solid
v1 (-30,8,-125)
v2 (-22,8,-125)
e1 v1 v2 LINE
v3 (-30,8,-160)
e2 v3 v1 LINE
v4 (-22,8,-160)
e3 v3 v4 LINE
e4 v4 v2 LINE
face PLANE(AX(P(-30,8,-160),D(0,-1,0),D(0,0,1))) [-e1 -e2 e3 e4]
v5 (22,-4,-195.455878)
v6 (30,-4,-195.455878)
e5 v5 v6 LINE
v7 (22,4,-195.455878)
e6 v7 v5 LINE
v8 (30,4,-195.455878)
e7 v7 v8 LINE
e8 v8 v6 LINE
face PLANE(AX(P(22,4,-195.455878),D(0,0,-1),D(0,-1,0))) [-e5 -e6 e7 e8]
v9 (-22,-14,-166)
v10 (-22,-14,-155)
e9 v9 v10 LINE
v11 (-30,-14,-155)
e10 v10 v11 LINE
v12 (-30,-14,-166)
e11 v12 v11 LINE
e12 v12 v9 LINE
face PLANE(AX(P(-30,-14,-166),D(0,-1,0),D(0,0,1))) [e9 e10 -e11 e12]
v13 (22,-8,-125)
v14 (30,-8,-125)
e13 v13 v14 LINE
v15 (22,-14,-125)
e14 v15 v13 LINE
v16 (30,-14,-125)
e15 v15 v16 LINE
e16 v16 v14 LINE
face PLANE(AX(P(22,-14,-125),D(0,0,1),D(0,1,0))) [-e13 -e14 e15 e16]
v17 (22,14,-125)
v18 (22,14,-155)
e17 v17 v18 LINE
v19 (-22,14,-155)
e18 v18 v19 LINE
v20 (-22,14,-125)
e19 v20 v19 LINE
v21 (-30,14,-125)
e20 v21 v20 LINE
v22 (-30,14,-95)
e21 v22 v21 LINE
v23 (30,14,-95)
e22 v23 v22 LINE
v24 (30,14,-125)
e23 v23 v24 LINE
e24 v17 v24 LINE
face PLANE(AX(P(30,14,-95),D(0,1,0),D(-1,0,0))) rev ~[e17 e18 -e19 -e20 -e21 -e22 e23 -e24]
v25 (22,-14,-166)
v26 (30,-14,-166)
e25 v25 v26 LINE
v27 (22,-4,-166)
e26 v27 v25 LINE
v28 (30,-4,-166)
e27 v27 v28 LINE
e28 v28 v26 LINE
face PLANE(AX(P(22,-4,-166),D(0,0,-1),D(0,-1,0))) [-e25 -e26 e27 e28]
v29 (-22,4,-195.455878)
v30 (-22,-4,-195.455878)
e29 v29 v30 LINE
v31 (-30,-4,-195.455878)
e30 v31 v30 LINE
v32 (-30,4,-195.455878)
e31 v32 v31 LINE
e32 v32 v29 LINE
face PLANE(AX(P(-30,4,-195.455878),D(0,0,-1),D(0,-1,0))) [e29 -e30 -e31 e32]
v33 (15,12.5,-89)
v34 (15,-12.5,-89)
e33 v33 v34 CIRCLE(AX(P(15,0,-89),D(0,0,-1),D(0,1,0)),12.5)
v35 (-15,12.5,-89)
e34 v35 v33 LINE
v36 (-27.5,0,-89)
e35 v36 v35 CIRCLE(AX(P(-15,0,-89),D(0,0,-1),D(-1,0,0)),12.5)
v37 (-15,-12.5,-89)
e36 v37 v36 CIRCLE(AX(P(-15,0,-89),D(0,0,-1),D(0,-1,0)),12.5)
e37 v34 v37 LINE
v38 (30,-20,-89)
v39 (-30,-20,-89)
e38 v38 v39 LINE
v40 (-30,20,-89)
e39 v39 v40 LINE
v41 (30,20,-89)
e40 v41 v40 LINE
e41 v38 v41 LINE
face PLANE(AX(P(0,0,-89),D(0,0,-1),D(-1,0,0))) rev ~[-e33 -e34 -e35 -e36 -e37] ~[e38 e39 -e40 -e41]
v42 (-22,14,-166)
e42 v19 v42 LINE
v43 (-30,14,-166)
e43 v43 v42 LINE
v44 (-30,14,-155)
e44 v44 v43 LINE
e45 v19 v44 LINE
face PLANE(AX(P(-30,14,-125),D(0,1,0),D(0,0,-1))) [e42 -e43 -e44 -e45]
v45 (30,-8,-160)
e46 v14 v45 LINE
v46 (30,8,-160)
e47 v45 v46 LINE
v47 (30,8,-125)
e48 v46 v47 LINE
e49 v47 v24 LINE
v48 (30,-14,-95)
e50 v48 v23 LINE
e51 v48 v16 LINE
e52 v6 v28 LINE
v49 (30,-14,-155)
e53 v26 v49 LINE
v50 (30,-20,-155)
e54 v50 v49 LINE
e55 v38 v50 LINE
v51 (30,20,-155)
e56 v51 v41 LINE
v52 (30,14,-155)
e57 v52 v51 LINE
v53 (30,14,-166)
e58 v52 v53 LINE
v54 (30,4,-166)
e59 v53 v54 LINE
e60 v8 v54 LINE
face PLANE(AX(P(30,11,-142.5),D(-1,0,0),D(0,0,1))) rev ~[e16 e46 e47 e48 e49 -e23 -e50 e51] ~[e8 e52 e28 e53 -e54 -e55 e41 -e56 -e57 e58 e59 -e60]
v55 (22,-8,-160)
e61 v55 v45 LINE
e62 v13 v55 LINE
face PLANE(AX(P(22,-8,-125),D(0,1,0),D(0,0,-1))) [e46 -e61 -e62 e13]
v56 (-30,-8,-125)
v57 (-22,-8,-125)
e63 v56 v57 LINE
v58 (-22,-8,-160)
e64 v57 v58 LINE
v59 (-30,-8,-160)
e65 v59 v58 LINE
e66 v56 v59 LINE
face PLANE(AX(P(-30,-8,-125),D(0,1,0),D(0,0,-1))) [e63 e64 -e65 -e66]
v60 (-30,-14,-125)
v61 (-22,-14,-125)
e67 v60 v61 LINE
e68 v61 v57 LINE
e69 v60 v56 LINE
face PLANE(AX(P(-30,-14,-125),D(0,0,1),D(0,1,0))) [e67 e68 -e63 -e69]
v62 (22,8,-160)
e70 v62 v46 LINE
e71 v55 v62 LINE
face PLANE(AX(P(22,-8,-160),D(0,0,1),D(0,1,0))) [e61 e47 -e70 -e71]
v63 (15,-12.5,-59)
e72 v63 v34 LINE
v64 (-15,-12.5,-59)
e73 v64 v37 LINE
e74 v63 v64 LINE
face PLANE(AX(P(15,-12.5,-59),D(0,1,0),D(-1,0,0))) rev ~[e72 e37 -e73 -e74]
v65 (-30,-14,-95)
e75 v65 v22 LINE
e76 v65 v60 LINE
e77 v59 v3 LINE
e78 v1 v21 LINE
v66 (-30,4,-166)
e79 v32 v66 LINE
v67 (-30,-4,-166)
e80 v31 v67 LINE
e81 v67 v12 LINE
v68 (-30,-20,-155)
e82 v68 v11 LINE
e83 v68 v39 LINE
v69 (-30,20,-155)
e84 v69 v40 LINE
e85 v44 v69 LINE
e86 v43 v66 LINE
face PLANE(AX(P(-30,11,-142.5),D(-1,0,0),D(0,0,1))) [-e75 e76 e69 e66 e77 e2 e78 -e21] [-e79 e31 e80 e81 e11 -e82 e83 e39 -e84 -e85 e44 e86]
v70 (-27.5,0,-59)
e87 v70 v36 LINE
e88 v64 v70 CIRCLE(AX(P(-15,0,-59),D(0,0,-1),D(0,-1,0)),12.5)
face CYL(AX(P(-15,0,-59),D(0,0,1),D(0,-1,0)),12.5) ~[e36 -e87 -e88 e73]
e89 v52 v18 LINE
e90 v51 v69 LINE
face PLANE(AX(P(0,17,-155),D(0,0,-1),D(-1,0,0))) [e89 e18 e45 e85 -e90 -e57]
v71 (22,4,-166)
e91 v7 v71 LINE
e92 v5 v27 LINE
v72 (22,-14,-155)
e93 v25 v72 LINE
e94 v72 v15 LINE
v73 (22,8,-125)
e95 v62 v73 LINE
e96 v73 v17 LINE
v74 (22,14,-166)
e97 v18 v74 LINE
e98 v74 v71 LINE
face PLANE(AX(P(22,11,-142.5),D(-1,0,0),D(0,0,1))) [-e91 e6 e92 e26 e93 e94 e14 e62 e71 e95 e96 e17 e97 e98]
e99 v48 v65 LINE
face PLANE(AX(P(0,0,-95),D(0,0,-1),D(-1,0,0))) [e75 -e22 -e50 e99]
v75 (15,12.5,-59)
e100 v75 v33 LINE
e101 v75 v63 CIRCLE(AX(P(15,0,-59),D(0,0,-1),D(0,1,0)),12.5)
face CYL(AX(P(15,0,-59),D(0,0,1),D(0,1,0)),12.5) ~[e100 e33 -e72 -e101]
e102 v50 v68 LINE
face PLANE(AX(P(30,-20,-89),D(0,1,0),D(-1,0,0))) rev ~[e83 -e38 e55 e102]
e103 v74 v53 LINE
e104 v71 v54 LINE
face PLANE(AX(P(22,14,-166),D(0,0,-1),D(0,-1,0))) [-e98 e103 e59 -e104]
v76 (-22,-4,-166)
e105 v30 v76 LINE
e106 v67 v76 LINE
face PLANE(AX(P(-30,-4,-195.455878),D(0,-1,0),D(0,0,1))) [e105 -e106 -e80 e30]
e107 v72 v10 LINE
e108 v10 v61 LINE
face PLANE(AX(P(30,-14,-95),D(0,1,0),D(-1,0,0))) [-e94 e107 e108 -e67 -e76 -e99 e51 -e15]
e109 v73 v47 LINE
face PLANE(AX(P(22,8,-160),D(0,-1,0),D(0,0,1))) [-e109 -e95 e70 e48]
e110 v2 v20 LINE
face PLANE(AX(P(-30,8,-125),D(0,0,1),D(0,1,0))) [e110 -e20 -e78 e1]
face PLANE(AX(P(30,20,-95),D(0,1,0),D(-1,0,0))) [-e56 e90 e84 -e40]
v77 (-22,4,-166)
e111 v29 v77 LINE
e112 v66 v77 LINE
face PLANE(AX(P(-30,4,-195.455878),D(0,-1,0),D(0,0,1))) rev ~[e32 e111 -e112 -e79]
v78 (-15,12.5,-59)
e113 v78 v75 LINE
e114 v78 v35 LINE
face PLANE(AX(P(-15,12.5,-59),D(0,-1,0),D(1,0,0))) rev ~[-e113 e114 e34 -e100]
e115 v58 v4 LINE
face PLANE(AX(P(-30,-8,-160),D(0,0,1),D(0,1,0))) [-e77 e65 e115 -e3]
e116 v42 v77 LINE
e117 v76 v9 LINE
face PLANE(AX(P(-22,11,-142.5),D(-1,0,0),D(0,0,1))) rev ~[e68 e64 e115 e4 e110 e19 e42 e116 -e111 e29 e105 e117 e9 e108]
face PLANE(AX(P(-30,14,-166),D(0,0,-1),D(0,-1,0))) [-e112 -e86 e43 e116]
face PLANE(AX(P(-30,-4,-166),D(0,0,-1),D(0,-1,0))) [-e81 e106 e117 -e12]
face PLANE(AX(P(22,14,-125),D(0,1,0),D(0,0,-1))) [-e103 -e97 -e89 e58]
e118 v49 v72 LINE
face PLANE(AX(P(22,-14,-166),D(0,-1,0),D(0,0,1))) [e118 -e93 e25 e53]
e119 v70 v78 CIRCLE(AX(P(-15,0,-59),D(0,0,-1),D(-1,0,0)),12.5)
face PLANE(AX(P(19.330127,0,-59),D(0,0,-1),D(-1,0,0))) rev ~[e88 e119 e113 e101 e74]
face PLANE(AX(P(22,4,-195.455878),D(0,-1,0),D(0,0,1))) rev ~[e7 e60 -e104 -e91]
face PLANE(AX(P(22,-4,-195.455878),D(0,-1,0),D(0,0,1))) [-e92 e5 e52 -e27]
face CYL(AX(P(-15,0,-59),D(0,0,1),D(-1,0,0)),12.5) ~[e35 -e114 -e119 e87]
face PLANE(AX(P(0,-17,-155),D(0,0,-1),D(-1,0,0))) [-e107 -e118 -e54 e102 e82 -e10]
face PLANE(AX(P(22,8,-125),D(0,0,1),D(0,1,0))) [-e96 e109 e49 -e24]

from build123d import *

# Parameters (mm, degrees)
SKETCH_1_R             = 7
EXTRUDE_1_DEPTH        = 160
EXTRUDE_1_DEPTH_BACK   = 36
SKETCH_2_R             = 7
EXTRUDE_2_DEPTH        = 8
SKETCH_3_W             = 18
SKETCH_3_H             = 11
EXTRUDE_3_DEPTH        = 15
EXTRUDE_4_DEPTH        = 30
SKETCH_5_W             = 60
SKETCH_5_H             = 40
EXTRUDE_5_DEPTH        = 6
SKETCH_6_W             = 60
SKETCH_6_H             = 6
EXTRUDE_6_DEPTH        = 60
SKETCH_7_W             = 29.455878384
SKETCH_7_H             = 4
EXTRUDE_7_DEPTH        = 8
PATTERN_LINEAR_1_COUNT = 2
PATTERN_LINEAR_1_PITCH = 52
SKETCH_8_W             = 71.56654599
SKETCH_8_H             = 41.958718016
CUT_EXTRUDE_1_DEPTH    = 300


with BuildPart() as part:
    # 草图1 → 凸台-拉伸1 (new body, two sides)
    with BuildSketch(Plane.XY) as extrude_1_sk:
        Circle(SKETCH_1_R)
    extrude(amount=EXTRUDE_1_DEPTH)
    extrude(extrude_1_sk.sketch, amount=-EXTRUDE_1_DEPTH_BACK)

    # 草图2 → 凸台-拉伸2 (add)
    with BuildSketch(Plane(origin=(0, 0, -36), x_dir=(-1, 0, 0), z_dir=(0, 0, -1))):
        Polygon((20, 7.5), (15, 12.5), (-15, 12.5), (-20, 7.5), (-20, -7.5), (-15, -12.5), (15, -12.5), (20, -7.5), align=None)
        Circle(SKETCH_2_R, mode=Mode.SUBTRACT)
        Circle(SKETCH_2_R)
    extrude(amount=EXTRUDE_2_DEPTH)

    # 草图3 → 凸台-拉伸3 (add)
    with BuildSketch(Plane(origin=(0, 0, -44), x_dir=(-1, 0, 0), z_dir=(0, 0, -1))):
        Rectangle(SKETCH_3_W, SKETCH_3_H)
    extrude(amount=EXTRUDE_3_DEPTH)

    # 草图4 → 凸台-拉伸4 (add)
    with BuildSketch(Plane(origin=(0, 0, -59), x_dir=(-1, 0, 0), z_dir=(0, 0, -1))):
        with BuildLine():
            Line((-15, -12.5), (-15, 12.5))
            ThreePointArc((-15, 12.5), (-27.5, 0), (-15, -12.5))
        make_face()
        with BuildLine():
            ThreePointArc((-3.77502784, 5.5), (-8.385621722, 10.606601718), (-15, 12.5))
            Line((-15, 12.5), (-15, -12.5))
            ThreePointArc((-15, -12.5), (-8.385621722, -10.606601718), (-3.77502784, -5.5))
            Line((-3.77502784, -5.5), (-9, -5.5))
            Line((-9, -5.5), (-9, 5.5))
            Line((-9, 5.5), (-3.77502784, 5.5))
        make_face()
        with BuildLine():
            ThreePointArc((-2.5, 0), (-2.822928267, 2.822928267), (-3.77502784, 5.5))
            Line((-3.77502784, 5.5), (-9, 5.5))
            Line((-9, 5.5), (-9, -5.5))
            Line((-9, -5.5), (-3.77502784, -5.5))
            ThreePointArc((-3.77502784, -5.5), (-2.822928267, -2.822928267), (-2.5, 0))
        make_face()
        with BuildLine():
            ThreePointArc((3.77502784, -5.5), (2.5, 0), (3.77502784, 5.5))
            Line((3.77502784, 5.5), (-3.77502784, 5.5))
            ThreePointArc((-3.77502784, 5.5), (-2.822928267, 2.822928267), (-2.5, 0))
            ThreePointArc((-2.5, 0), (-2.822928267, -2.822928267), (-3.77502784, -5.5))
            Line((-3.77502784, -5.5), (3.77502784, -5.5))
        make_face()
        with BuildLine():
            Line((9, 5.5), (3.77502784, 5.5))
            ThreePointArc((3.77502784, 5.5), (2.5, 0), (3.77502784, -5.5))
            Line((3.77502784, -5.5), (9, -5.5))
            Line((9, -5.5), (9, 5.5))
        make_face()
        with BuildLine():
            Line((15, -12.5), (15, 12.5))
            ThreePointArc((15, 12.5), (8.385621722, 10.606601718), (3.77502784, 5.5))
            Line((3.77502784, 5.5), (9, 5.5))
            Line((9, 5.5), (9, -5.5))
            Line((9, -5.5), (3.77502784, -5.5))
            ThreePointArc((3.77502784, -5.5), (8.385621722, -10.606601718), (15, -12.5))
        make_face()
        with BuildLine():
            ThreePointArc((27.5, 0), (23.838834765, 8.838834765), (15, 12.5))
            Line((15, 12.5), (15, -12.5))
            ThreePointArc((15, -12.5), (23.838834765, -8.838834765), (27.5, 0))
        make_face()
        with BuildLine():
            Line((-15, -12.5), (15, -12.5))
            ThreePointArc((15, -12.5), (8.385621722, -10.606601718), (3.77502784, -5.5))
            Line((3.77502784, -5.5), (-3.77502784, -5.5))
            ThreePointArc((-3.77502784, -5.5), (-8.385621722, -10.606601718), (-15, -12.5))
        make_face()
        with BuildLine():
            ThreePointArc((3.77502784, 5.5), (8.385621722, 10.606601718), (15, 12.5))
            Line((15, 12.5), (-15, 12.5))
            ThreePointArc((-15, 12.5), (-8.385621722, 10.606601718), (-3.77502784, 5.5))
            Line((-3.77502784, 5.5), (3.77502784, 5.5))
        make_face()
    extrude(amount=EXTRUDE_4_DEPTH)

    # 草图5 → 凸台-拉伸5 (add)
    with BuildSketch(Plane(origin=(0, 0, -89), x_dir=(-1, 0, 0), z_dir=(0, 0, -1))):
        Rectangle(SKETCH_5_W, SKETCH_5_H)
    extrude(amount=EXTRUDE_5_DEPTH)

    # 草图6 → 凸台-拉伸6 (add)
    with BuildSketch(Plane(origin=(0, 0, -95), x_dir=(-1, 0, 0), z_dir=(0, 0, -1))):
        with Locations((0, 17)):
            Rectangle(SKETCH_6_W, SKETCH_6_H)
        with Locations((0, -17)):
            Rectangle(SKETCH_6_W, SKETCH_6_H)
    extrude(amount=EXTRUDE_6_DEPTH)

    # 草图7 → 凸台-拉伸7 (add)
    with BuildSketch(Plane.ZY.offset(30)):
        Polygon((-125, 8), (-125, 14), (-155, 14), (-160, 14), (-160, 8), align=None)
        Polygon((-125, -8), (-160, -8), (-160, -14), (-155, -14), (-125, -14), align=None)
        Polygon((-160, 8), (-160, 14), (-166, 14), (-166, 4), (-166, 0), (-166, -4), (-166, -14), (-160, -14), (-160, -8), align=None)
        with Locations((-180.727939192, -2)):
            Rectangle(SKETCH_7_W, SKETCH_7_H)
        with Locations((-180.727939192, 2)):
            Rectangle(SKETCH_7_W, SKETCH_7_H)
    extrude_7 = extrude(amount=-EXTRUDE_7_DEPTH)

    # 阵列(线性)1: 凸台-拉伸7 ×2
    with Locations(*[(i * PATTERN_LINEAR_1_PITCH, 0, 0) for i in range(1, PATTERN_LINEAR_1_COUNT)]):
        add(extrude_7)

    # 草图8 → 切除-拉伸1 (cut)
    with BuildSketch(Plane.XY.offset(-59)):
        Rectangle(SKETCH_8_W, SKETCH_8_H)
    extrude(amount=CUT_EXTRUDE_1_DEPTH, mode=Mode.SUBTRACT)


solid = part.part
